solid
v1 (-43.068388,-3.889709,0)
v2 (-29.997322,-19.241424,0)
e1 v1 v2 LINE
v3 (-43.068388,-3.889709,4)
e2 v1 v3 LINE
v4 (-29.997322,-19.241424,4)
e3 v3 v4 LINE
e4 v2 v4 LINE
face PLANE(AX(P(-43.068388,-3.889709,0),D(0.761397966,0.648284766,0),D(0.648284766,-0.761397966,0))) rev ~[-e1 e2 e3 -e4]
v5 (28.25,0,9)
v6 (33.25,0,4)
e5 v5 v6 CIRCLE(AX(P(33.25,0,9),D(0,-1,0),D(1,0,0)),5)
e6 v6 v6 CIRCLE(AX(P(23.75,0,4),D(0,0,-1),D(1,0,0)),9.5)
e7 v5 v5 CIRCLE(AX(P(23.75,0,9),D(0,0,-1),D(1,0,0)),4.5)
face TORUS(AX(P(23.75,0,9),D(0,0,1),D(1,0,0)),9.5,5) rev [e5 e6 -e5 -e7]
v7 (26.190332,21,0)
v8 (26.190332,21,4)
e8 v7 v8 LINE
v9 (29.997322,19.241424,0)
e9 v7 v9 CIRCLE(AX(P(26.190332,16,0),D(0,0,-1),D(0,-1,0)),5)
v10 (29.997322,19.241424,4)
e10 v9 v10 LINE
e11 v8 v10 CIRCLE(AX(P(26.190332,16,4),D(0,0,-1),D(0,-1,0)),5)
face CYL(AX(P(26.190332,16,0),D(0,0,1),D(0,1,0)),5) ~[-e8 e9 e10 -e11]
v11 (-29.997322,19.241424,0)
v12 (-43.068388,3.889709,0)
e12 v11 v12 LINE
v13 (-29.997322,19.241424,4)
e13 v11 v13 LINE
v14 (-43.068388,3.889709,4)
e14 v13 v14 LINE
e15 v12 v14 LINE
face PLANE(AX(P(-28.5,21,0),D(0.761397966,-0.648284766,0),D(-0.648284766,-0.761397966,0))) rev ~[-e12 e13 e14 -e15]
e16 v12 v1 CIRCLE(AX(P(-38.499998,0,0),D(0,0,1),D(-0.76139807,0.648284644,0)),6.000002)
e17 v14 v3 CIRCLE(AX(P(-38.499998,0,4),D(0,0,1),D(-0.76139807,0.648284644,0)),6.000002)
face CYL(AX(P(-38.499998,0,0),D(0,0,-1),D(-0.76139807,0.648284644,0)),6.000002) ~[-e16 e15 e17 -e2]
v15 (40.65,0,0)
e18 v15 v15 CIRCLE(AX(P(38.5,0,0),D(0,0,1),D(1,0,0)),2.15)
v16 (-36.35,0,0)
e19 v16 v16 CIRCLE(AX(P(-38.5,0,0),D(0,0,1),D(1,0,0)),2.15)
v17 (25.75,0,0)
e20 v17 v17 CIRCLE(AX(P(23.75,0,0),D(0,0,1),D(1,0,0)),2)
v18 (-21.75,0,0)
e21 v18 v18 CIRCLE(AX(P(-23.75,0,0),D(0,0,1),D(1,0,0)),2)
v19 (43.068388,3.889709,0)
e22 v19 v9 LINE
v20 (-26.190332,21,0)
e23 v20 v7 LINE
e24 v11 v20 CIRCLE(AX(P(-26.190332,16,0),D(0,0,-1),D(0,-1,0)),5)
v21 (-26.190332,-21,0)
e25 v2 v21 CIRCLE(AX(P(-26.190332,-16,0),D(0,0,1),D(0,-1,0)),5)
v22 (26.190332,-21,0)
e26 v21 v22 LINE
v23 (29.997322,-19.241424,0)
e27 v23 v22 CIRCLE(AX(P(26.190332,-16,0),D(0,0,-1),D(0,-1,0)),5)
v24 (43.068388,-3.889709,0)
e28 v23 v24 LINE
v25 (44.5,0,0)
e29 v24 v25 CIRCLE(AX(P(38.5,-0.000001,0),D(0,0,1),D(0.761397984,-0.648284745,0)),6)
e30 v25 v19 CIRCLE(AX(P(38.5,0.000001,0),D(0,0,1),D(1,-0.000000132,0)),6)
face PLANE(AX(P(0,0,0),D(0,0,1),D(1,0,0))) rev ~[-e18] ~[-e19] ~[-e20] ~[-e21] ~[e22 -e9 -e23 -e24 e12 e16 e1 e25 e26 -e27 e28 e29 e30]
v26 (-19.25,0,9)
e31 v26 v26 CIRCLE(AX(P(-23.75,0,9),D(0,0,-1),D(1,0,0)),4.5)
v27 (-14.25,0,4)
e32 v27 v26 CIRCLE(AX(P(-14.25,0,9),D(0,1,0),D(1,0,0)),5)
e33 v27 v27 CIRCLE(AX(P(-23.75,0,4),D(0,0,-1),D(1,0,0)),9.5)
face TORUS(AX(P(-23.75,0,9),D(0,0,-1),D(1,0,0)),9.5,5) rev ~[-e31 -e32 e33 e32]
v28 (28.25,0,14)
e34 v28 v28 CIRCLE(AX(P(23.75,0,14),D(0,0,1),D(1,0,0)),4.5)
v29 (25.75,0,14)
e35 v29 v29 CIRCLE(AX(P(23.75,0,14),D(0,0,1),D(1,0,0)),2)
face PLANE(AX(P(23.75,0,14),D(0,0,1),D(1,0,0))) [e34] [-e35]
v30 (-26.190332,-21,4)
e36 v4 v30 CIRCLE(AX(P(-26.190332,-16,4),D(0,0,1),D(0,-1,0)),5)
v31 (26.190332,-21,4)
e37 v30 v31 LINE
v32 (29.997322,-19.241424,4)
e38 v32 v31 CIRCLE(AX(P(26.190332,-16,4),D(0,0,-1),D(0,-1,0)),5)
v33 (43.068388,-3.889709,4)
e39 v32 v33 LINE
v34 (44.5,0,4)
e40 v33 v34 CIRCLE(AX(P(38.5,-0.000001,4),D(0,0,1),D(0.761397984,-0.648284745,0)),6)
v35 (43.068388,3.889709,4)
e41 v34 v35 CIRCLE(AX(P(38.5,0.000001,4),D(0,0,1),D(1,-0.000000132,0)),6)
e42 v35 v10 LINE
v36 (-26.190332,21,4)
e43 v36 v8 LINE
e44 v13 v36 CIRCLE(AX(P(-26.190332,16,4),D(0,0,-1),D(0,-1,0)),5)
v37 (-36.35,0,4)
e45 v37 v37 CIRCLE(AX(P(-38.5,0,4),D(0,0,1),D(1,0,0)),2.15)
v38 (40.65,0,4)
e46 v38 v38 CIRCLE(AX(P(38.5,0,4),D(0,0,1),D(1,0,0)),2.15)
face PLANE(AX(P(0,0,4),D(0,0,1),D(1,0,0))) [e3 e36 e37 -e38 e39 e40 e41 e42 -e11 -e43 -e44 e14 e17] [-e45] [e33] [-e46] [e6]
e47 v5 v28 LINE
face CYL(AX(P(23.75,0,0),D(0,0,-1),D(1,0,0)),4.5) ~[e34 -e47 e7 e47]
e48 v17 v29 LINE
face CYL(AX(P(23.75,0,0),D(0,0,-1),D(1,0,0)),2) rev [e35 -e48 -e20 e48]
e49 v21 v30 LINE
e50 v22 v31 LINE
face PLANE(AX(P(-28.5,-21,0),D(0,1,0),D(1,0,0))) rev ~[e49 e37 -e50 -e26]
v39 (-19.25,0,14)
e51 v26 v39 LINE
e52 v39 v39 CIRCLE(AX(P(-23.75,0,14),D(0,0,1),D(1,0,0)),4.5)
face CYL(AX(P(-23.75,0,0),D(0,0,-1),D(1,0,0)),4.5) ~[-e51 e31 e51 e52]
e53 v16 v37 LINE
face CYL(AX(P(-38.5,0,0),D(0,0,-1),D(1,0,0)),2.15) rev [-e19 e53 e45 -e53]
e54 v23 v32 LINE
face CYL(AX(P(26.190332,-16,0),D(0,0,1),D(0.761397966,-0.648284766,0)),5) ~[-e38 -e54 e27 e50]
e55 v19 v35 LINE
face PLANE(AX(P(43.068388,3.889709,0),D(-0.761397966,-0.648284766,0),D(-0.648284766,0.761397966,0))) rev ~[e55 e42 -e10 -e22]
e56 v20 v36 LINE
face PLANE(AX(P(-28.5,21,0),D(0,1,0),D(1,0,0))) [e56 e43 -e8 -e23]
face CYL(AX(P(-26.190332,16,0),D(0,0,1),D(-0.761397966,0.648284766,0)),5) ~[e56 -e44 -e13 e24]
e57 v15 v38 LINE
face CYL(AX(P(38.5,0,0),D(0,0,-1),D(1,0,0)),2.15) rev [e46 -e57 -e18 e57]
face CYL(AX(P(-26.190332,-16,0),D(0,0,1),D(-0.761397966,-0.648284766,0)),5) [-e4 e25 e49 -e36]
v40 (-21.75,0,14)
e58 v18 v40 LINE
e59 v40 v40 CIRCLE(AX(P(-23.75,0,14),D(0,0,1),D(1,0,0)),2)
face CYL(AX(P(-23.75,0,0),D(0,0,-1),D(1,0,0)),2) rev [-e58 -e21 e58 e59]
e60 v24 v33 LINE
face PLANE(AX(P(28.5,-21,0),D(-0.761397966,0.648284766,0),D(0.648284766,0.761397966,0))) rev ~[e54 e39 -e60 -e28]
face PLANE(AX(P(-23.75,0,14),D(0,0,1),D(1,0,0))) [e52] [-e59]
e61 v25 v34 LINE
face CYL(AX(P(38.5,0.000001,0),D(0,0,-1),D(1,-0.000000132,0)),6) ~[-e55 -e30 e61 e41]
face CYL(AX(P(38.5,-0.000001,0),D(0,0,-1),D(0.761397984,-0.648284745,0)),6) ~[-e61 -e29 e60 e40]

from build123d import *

# Parameters (mm, degrees)
F0_W     = 57
F0_H     = 42
F0_R     = 4.5
F0_R_2   = 2.15
F0_R_3   = 2
F1_DEPTH = 4
F2_DEPTH = 14
F3_R     = 5


with BuildPart() as f1:
    # F0 (on Top) → F1 (new body)
    with BuildSketch(Plane.XY):
        Rectangle(F0_W, F0_H)
        with Locations((-23.75, 0)):
            Circle(F0_R, mode=Mode.SUBTRACT)
        with Locations((23.75, 0)):
            Circle(F0_R, mode=Mode.SUBTRACT)
        with BuildLine():
            Line((-43.068388, -3.889709), (-28.5, -21))
            Line((-28.5, -21), (-28.5, 21))
            Line((-28.5, 21), (-43.068388, 3.889709))
            ThreePointArc((-43.068388, 3.889709), (-36.427601, 5.630734), (-32.5, 0))
            ThreePointArc((-32.5, 0), (-36.427601, -5.630734), (-43.068388, -3.889709))
        make_face()
        with BuildLine():
            Line((28.5, 21), (28.5, -21))
            Line((28.5, -21), (43.068388, -3.889709))
            ThreePointArc((43.068388, -3.889709), (32.5, 0), (43.068388, 3.889709))
            Line((43.068388, 3.889709), (28.5, 21))
        make_face()
        with BuildLine():
            ThreePointArc((-43.068388, 3.889709), (-44.5, 0), (-43.068388, -3.889709))
            ThreePointArc((-43.068388, -3.889709), (-36.427601, -5.630734), (-32.5, 0))
            ThreePointArc((-32.5, 0), (-36.427601, 5.630734), (-43.068388, 3.889709))
        make_face()
        with Locations((-38.5, 0)):
            Circle(F0_R_2, mode=Mode.SUBTRACT)
        with BuildLine():
            ThreePointArc((43.068388, 3.889709), (32.5, 0), (43.068388, -3.889709))
            ThreePointArc((43.068388, -3.889709), (44.130734, -2.072399), (44.5, 0))
            ThreePointArc((44.5, 0), (44.130734, 2.072399), (43.068388, 3.889709))
        make_face()
        with Locations((38.5, 0)):
            Circle(F0_R_2, mode=Mode.SUBTRACT)
        with Locations((-23.75, 0)):
            Circle(F0_R)
        with Locations((-23.75, 0)):
            Circle(F0_R_3, mode=Mode.SUBTRACT)
        with Locations((23.75, 0)):
            Circle(F0_R)
        with Locations((23.75, 0)):
            Circle(F0_R_3, mode=Mode.SUBTRACT)
    extrude(amount=F1_DEPTH)

    # F0 (on Top) → F2 (join)
    with BuildSketch(Plane.XY):
        with Locations((-23.75, 0)):
            Circle(F0_R)
        with Locations((-23.75, 0)):
            Circle(F0_R_3, mode=Mode.SUBTRACT)
        with Locations((23.75, 0)):
            Circle(F0_R)
        with Locations((23.75, 0)):
            Circle(F0_R_3, mode=Mode.SUBTRACT)
    extrude(amount=F2_DEPTH)

    # F3
    f3_edges = [f1.edges().sort_by_distance(p)[0] for p in [
        (-28.5, 21, 2),
        (-28.5, -21, 2),
        (28.5, -21, 2),
        (28.5, 21, 2),
        (-28.25, 0, 4),
        (19.25, 0, 4),
    ]]
    fillet(f3_edges, radius=F3_R)


solid = f1.part
